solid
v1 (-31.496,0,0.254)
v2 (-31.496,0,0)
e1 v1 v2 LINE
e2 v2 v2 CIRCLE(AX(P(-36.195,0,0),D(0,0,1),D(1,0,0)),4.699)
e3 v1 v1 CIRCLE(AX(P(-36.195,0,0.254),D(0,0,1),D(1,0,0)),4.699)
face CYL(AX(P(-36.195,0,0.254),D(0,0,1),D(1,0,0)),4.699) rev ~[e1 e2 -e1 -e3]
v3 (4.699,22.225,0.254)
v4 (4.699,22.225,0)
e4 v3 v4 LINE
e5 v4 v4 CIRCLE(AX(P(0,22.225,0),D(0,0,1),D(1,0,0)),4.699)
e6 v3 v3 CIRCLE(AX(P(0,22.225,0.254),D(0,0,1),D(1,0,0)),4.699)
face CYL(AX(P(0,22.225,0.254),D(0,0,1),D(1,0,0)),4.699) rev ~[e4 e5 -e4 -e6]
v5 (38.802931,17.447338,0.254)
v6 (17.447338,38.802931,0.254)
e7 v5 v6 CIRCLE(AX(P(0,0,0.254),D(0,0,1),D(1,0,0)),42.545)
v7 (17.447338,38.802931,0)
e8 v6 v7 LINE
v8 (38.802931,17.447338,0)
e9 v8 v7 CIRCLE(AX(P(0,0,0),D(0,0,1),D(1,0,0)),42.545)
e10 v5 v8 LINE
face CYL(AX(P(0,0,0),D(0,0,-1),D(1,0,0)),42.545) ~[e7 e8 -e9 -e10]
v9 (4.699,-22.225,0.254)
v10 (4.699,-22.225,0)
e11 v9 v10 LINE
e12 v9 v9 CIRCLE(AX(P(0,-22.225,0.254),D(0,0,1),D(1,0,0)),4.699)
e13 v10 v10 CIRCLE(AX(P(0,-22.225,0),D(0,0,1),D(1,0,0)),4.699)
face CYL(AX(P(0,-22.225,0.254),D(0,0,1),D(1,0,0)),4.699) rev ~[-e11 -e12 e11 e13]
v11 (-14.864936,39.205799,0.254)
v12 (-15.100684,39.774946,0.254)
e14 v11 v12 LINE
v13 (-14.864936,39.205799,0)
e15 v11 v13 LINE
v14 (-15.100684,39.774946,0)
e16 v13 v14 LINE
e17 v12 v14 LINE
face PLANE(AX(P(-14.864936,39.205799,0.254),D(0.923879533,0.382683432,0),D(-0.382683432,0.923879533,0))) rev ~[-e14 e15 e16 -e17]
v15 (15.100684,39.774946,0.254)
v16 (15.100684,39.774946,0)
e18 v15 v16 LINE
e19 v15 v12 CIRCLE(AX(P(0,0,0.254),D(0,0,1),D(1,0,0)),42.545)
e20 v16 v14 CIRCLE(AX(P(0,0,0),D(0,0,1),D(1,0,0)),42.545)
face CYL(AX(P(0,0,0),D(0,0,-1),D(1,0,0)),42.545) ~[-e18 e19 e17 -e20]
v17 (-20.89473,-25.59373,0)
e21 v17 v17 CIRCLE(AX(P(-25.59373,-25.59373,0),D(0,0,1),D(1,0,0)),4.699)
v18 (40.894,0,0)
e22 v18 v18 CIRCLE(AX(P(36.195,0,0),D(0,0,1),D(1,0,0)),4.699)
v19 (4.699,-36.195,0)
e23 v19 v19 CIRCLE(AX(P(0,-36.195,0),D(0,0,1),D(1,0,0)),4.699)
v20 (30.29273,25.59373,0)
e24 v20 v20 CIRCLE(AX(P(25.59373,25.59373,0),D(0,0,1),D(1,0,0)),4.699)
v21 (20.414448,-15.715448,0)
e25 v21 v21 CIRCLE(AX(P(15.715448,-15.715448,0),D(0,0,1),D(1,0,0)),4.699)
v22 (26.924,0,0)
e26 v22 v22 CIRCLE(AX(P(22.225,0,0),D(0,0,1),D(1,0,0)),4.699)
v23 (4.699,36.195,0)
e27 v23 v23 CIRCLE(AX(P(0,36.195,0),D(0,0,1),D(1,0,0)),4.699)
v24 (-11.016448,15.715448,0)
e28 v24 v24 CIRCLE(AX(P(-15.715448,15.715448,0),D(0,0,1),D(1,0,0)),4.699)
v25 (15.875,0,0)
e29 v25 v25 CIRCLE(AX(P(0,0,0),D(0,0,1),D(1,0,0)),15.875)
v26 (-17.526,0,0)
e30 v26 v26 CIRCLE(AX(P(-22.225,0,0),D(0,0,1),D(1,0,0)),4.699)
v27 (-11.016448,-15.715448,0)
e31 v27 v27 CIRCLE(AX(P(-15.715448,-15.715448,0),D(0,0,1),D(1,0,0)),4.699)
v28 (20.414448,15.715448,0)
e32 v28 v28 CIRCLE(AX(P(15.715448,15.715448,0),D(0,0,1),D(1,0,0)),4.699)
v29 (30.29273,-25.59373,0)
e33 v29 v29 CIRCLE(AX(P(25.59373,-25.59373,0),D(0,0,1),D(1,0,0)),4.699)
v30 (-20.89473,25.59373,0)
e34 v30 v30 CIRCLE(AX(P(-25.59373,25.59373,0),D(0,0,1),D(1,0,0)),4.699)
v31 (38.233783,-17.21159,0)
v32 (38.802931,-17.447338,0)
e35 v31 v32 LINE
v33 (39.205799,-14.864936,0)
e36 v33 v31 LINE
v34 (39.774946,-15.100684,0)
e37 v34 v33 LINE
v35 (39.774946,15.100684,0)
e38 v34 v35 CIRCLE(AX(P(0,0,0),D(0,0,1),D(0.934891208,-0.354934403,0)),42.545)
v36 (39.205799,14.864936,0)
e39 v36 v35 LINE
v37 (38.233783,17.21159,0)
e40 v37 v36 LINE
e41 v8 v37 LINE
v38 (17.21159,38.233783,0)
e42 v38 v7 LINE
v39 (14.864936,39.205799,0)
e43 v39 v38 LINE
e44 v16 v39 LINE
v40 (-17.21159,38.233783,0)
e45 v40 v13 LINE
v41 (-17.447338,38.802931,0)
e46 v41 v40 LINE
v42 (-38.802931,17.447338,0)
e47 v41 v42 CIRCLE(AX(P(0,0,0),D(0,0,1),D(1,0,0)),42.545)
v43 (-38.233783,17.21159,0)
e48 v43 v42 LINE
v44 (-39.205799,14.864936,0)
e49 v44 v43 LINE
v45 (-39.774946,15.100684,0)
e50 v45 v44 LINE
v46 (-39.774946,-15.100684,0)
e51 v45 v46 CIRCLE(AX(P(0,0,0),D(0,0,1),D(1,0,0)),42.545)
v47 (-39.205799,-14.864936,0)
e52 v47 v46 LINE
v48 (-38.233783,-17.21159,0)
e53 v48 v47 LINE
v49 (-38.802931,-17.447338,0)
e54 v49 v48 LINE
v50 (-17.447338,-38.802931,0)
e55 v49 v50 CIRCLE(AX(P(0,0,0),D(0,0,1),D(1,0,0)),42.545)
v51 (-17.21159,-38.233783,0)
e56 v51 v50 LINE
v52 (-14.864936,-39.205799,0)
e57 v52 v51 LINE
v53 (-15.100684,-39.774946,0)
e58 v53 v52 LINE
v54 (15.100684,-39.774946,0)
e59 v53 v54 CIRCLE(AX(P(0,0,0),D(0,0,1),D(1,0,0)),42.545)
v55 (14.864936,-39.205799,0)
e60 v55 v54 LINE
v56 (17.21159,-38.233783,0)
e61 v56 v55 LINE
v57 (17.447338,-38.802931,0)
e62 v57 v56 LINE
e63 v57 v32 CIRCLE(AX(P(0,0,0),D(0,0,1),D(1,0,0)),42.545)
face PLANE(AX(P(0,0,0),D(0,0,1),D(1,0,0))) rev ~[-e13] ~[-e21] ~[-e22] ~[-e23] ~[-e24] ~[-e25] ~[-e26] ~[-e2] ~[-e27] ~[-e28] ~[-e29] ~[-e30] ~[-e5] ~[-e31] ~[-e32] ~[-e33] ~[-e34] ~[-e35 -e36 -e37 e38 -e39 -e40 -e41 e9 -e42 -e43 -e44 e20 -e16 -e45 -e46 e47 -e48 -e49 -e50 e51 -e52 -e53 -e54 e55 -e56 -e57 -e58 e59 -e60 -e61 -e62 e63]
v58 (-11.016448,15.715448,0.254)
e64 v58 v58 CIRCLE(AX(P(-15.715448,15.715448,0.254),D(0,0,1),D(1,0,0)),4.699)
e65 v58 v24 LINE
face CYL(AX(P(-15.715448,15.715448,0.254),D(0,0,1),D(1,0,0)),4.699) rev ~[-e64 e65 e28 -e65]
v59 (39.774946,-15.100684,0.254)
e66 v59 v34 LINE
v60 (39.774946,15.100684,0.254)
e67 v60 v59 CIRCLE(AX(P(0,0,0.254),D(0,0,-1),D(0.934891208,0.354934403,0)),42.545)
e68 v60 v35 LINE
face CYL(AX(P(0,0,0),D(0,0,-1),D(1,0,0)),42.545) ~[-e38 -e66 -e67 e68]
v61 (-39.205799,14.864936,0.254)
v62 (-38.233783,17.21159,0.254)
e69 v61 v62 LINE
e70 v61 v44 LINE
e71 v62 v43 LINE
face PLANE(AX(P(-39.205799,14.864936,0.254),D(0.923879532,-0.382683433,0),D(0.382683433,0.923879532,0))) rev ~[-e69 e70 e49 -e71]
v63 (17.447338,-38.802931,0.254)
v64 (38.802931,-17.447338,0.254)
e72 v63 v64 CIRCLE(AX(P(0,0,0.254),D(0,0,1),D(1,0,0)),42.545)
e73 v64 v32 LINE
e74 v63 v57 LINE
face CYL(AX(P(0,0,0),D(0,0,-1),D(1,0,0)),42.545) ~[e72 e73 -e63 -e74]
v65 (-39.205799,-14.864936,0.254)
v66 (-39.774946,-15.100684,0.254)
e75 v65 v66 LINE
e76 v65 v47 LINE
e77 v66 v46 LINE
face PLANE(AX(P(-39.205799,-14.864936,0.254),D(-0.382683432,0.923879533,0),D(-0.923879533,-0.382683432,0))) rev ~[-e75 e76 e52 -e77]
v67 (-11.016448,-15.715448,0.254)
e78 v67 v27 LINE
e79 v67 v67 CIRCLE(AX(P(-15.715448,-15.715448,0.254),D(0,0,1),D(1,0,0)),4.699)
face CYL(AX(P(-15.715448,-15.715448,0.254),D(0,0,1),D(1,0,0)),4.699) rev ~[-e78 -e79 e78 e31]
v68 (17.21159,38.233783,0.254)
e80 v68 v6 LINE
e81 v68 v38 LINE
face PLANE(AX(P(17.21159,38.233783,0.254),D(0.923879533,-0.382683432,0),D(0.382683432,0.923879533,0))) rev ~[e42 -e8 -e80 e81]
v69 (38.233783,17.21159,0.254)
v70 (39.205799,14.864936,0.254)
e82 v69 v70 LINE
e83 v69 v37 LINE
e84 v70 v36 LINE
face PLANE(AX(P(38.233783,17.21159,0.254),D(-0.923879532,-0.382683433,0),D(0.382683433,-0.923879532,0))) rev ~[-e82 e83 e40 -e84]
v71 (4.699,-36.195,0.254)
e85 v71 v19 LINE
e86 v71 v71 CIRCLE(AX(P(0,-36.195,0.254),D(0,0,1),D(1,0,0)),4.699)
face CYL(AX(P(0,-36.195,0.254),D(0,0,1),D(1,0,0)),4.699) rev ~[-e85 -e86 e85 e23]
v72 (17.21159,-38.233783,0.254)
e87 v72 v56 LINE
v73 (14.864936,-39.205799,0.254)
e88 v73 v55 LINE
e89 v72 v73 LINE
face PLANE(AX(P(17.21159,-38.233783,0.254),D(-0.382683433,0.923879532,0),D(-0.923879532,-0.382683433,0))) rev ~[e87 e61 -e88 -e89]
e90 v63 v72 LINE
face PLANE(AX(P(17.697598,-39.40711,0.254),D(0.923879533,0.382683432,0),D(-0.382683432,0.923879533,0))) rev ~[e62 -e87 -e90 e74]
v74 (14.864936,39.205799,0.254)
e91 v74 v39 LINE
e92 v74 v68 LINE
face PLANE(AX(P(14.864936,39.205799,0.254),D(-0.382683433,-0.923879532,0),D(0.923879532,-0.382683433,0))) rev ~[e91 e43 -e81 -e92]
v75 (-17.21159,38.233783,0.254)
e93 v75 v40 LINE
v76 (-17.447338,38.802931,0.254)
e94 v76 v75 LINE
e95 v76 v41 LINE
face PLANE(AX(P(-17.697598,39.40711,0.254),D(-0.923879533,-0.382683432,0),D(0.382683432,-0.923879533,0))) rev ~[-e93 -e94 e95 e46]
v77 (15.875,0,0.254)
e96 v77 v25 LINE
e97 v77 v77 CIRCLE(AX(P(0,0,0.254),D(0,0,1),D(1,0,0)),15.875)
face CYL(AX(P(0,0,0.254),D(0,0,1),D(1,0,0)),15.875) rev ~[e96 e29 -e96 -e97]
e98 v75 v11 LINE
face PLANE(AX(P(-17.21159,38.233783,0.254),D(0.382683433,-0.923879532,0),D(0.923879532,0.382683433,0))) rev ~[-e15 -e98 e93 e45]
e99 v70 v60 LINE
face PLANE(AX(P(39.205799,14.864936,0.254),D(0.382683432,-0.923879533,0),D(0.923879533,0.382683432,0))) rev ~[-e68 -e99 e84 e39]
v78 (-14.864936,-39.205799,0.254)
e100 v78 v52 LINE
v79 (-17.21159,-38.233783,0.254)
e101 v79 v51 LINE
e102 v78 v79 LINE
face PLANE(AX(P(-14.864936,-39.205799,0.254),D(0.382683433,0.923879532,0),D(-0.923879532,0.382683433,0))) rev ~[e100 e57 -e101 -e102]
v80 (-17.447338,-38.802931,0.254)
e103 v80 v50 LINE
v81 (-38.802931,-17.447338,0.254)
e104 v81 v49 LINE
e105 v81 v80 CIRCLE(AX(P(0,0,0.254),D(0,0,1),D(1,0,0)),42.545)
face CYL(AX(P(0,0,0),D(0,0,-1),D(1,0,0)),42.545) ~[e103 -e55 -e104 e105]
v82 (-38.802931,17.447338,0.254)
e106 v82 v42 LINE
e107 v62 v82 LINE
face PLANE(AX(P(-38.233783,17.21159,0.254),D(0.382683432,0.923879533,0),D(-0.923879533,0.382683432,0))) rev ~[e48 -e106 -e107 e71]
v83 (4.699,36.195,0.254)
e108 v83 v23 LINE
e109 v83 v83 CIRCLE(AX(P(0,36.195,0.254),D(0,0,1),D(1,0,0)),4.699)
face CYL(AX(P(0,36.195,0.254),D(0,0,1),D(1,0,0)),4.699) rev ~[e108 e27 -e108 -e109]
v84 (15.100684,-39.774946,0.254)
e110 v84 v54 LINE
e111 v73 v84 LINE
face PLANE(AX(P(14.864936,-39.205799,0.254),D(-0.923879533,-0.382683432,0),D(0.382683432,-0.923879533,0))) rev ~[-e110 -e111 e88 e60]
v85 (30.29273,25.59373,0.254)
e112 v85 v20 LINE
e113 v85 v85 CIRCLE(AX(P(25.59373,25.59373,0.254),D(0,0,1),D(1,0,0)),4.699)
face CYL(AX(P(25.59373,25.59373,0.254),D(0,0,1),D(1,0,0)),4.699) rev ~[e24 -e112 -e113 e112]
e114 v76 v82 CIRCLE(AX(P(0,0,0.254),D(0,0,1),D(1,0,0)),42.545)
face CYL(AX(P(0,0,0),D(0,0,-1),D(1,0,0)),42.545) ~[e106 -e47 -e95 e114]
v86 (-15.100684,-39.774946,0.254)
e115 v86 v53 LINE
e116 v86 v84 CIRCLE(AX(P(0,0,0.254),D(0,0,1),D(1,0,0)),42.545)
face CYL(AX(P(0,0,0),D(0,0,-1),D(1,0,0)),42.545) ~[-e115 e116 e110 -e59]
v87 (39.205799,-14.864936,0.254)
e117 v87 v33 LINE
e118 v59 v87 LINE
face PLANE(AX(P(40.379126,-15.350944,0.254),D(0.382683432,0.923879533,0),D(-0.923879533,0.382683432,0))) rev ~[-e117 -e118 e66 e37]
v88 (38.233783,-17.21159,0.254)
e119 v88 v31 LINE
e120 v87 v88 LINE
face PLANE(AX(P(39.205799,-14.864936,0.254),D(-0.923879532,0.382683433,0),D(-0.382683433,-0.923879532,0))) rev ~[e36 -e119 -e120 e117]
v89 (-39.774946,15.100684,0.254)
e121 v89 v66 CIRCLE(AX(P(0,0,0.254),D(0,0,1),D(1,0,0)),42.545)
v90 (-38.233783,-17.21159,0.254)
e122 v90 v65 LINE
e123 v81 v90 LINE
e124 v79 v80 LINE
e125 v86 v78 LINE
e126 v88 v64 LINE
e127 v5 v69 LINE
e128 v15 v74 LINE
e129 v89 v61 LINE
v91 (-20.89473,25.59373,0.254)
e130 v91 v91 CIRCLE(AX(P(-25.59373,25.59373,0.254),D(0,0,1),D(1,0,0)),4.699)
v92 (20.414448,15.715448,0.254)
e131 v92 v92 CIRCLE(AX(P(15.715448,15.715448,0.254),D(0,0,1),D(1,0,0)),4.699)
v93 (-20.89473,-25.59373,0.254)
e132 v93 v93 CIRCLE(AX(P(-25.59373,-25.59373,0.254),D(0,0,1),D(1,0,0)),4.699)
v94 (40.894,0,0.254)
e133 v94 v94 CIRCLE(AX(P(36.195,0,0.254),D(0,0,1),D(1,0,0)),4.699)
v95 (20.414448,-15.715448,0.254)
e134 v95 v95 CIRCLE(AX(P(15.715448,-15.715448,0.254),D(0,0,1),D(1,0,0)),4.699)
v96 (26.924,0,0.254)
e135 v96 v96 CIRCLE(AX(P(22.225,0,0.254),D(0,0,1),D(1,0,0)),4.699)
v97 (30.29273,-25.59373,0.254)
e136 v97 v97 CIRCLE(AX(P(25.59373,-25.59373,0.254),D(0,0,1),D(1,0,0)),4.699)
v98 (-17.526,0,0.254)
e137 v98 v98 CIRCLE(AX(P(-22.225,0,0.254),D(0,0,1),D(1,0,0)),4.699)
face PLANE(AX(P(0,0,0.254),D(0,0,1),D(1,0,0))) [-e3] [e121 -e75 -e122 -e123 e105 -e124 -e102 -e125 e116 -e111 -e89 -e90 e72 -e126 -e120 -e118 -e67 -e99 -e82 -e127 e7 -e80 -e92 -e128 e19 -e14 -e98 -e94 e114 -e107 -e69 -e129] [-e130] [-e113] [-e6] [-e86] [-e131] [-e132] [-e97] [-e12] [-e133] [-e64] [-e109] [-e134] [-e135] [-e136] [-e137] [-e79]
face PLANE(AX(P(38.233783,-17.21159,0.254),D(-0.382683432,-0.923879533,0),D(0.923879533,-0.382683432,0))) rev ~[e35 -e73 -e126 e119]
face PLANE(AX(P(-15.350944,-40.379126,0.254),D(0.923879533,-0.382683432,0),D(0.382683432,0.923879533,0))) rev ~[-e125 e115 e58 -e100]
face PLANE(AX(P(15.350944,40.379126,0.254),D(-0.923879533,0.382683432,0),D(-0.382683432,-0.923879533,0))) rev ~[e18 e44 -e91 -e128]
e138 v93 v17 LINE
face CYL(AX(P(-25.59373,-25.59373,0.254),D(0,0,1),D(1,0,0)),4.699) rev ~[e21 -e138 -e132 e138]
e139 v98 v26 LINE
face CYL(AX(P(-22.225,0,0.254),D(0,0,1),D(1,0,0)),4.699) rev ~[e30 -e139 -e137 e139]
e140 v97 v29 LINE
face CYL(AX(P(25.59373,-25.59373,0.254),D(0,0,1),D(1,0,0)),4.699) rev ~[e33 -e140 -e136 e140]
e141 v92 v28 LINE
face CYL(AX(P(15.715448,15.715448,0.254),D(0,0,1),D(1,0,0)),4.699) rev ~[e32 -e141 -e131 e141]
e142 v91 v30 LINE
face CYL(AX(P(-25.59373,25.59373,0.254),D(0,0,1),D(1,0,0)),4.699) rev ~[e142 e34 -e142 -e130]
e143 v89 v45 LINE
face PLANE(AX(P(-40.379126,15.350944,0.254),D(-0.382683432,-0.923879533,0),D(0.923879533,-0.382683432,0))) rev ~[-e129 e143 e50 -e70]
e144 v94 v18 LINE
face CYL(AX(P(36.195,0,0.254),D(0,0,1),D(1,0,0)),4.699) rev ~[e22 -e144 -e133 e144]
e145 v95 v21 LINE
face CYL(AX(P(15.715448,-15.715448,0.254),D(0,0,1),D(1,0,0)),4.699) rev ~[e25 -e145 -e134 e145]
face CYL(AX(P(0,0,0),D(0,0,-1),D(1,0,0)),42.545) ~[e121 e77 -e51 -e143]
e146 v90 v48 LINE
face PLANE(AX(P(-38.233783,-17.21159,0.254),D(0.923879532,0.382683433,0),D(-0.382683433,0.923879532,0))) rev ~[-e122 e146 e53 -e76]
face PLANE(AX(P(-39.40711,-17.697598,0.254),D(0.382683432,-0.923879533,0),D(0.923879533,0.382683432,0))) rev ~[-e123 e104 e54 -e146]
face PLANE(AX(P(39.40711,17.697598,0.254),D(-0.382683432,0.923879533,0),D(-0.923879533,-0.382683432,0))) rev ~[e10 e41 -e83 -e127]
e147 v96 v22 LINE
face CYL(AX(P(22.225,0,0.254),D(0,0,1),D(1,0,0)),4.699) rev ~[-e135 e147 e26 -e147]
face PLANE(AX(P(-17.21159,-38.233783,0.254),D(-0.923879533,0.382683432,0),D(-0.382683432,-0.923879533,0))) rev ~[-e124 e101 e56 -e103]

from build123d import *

# Parameters (mm, degrees)
SKETCH4_R           = 42.545
BOSS_EXTRUDE2_DEPTH = 0.254
SKETCH5_R           = 15.875
CUT_EXTRUDE5_DEPTH  = 1.254
CUT_EXTRUDE11_DEPTH = 1.254
SKETCH9_R           = 4.699
CUT_EXTRUDE12_DEPTH = 1.254


with BuildPart() as part:
    # Sketch4 → Boss-Extrude2 (new body)
    with BuildSketch(Plane.XY):
        Circle(SKETCH4_R)
    extrude(amount=BOSS_EXTRUDE2_DEPTH)

    # Sketch5 → Cut-Extrude5 (cut, through all)
    with BuildSketch(Plane.XY.offset(0.254)):
        Circle(SKETCH5_R)
    extrude(amount=-CUT_EXTRUDE5_DEPTH, mode=Mode.SUBTRACT)

    # Sketch8 → Cut-Extrude11 (cut, through all)
    with BuildSketch(Plane.XY.offset(0.254)):
        Polygon((40.379126173, 15.350943603), (39.407110255, 17.697597616), (38.233783248, 17.211589657), (39.205799167, 14.864935644), align=None)
        Polygon((-15.350943603, 40.379126173), (-17.697597616, 39.407110255), (-17.211589657, 38.233783248), (-14.864935644, 39.205799167), align=None)
        Polygon((-39.407110255, 17.697597616), (-40.379126173, 15.350943603), (-39.205799167, 14.864935644), (-38.233783248, 17.211589657), align=None)
        Polygon((-40.379126173, -15.350943603), (-39.407110255, -17.697597616), (-38.233783248, -17.211589657), (-39.205799167, -14.864935644), align=None)
        Polygon((-17.697597616, -39.407110255), (-15.350943603, -40.379126173), (-14.864935644, -39.205799167), (-17.211589657, -38.233783248), align=None)
        Polygon((15.350943603, -40.379126173), (17.697597616, -39.407110255), (17.211589657, -38.233783248), (14.864935644, -39.205799167), align=None)
        Polygon((39.407110255, -17.697597616), (40.379126173, -15.350943603), (39.205799167, -14.864935644), (38.233783248, -17.211589657), align=None)
        Polygon((17.697597616, 39.407110255), (15.350943603, 40.379126173), (14.864935644, 39.205799167), (17.211589657, 38.233783248), align=None)
    extrude(amount=-CUT_EXTRUDE11_DEPTH, mode=Mode.SUBTRACT)

    # Sketch9 → Cut-Extrude12 (cut, through all)
    with BuildSketch(Plane.XY.offset(0.254)):
        with Locations((22.225, 0)):
            Circle(SKETCH9_R)
        with Locations((36.195, 0)):
            Circle(SKETCH9_R)
        with Locations((15.715448212, -15.715448212)):
            Circle(SKETCH9_R)
        with Locations((25.593729945, -25.593729945)):
            Circle(SKETCH9_R)
        with Locations((0, -22.225)):
            Circle(SKETCH9_R)
        with Locations((0, -36.195)):
            Circle(SKETCH9_R)
        with Locations((-15.715448212, -15.715448212)):
            Circle(SKETCH9_R)
        with Locations((-25.593729945, -25.593729945)):
            Circle(SKETCH9_R)
        with Locations((-22.225, 0)):
            Circle(SKETCH9_R)
        with Locations((-36.195, 0)):
            Circle(SKETCH9_R)
        with Locations((-15.715448212, 15.715448212)):
            Circle(SKETCH9_R)
        with Locations((-25.593729945, 25.593729945)):
            Circle(SKETCH9_R)
        with Locations((0, 22.225)):
            Circle(SKETCH9_R)
        with Locations((0, 36.195)):
            Circle(SKETCH9_R)
        with Locations((15.715448212, 15.715448212)):
            Circle(SKETCH9_R)
        with Locations((25.593729945, 25.593729945)):
            Circle(SKETCH9_R)
    extrude(amount=-CUT_EXTRUDE12_DEPTH, mode=Mode.SUBTRACT)


solid = part.part
